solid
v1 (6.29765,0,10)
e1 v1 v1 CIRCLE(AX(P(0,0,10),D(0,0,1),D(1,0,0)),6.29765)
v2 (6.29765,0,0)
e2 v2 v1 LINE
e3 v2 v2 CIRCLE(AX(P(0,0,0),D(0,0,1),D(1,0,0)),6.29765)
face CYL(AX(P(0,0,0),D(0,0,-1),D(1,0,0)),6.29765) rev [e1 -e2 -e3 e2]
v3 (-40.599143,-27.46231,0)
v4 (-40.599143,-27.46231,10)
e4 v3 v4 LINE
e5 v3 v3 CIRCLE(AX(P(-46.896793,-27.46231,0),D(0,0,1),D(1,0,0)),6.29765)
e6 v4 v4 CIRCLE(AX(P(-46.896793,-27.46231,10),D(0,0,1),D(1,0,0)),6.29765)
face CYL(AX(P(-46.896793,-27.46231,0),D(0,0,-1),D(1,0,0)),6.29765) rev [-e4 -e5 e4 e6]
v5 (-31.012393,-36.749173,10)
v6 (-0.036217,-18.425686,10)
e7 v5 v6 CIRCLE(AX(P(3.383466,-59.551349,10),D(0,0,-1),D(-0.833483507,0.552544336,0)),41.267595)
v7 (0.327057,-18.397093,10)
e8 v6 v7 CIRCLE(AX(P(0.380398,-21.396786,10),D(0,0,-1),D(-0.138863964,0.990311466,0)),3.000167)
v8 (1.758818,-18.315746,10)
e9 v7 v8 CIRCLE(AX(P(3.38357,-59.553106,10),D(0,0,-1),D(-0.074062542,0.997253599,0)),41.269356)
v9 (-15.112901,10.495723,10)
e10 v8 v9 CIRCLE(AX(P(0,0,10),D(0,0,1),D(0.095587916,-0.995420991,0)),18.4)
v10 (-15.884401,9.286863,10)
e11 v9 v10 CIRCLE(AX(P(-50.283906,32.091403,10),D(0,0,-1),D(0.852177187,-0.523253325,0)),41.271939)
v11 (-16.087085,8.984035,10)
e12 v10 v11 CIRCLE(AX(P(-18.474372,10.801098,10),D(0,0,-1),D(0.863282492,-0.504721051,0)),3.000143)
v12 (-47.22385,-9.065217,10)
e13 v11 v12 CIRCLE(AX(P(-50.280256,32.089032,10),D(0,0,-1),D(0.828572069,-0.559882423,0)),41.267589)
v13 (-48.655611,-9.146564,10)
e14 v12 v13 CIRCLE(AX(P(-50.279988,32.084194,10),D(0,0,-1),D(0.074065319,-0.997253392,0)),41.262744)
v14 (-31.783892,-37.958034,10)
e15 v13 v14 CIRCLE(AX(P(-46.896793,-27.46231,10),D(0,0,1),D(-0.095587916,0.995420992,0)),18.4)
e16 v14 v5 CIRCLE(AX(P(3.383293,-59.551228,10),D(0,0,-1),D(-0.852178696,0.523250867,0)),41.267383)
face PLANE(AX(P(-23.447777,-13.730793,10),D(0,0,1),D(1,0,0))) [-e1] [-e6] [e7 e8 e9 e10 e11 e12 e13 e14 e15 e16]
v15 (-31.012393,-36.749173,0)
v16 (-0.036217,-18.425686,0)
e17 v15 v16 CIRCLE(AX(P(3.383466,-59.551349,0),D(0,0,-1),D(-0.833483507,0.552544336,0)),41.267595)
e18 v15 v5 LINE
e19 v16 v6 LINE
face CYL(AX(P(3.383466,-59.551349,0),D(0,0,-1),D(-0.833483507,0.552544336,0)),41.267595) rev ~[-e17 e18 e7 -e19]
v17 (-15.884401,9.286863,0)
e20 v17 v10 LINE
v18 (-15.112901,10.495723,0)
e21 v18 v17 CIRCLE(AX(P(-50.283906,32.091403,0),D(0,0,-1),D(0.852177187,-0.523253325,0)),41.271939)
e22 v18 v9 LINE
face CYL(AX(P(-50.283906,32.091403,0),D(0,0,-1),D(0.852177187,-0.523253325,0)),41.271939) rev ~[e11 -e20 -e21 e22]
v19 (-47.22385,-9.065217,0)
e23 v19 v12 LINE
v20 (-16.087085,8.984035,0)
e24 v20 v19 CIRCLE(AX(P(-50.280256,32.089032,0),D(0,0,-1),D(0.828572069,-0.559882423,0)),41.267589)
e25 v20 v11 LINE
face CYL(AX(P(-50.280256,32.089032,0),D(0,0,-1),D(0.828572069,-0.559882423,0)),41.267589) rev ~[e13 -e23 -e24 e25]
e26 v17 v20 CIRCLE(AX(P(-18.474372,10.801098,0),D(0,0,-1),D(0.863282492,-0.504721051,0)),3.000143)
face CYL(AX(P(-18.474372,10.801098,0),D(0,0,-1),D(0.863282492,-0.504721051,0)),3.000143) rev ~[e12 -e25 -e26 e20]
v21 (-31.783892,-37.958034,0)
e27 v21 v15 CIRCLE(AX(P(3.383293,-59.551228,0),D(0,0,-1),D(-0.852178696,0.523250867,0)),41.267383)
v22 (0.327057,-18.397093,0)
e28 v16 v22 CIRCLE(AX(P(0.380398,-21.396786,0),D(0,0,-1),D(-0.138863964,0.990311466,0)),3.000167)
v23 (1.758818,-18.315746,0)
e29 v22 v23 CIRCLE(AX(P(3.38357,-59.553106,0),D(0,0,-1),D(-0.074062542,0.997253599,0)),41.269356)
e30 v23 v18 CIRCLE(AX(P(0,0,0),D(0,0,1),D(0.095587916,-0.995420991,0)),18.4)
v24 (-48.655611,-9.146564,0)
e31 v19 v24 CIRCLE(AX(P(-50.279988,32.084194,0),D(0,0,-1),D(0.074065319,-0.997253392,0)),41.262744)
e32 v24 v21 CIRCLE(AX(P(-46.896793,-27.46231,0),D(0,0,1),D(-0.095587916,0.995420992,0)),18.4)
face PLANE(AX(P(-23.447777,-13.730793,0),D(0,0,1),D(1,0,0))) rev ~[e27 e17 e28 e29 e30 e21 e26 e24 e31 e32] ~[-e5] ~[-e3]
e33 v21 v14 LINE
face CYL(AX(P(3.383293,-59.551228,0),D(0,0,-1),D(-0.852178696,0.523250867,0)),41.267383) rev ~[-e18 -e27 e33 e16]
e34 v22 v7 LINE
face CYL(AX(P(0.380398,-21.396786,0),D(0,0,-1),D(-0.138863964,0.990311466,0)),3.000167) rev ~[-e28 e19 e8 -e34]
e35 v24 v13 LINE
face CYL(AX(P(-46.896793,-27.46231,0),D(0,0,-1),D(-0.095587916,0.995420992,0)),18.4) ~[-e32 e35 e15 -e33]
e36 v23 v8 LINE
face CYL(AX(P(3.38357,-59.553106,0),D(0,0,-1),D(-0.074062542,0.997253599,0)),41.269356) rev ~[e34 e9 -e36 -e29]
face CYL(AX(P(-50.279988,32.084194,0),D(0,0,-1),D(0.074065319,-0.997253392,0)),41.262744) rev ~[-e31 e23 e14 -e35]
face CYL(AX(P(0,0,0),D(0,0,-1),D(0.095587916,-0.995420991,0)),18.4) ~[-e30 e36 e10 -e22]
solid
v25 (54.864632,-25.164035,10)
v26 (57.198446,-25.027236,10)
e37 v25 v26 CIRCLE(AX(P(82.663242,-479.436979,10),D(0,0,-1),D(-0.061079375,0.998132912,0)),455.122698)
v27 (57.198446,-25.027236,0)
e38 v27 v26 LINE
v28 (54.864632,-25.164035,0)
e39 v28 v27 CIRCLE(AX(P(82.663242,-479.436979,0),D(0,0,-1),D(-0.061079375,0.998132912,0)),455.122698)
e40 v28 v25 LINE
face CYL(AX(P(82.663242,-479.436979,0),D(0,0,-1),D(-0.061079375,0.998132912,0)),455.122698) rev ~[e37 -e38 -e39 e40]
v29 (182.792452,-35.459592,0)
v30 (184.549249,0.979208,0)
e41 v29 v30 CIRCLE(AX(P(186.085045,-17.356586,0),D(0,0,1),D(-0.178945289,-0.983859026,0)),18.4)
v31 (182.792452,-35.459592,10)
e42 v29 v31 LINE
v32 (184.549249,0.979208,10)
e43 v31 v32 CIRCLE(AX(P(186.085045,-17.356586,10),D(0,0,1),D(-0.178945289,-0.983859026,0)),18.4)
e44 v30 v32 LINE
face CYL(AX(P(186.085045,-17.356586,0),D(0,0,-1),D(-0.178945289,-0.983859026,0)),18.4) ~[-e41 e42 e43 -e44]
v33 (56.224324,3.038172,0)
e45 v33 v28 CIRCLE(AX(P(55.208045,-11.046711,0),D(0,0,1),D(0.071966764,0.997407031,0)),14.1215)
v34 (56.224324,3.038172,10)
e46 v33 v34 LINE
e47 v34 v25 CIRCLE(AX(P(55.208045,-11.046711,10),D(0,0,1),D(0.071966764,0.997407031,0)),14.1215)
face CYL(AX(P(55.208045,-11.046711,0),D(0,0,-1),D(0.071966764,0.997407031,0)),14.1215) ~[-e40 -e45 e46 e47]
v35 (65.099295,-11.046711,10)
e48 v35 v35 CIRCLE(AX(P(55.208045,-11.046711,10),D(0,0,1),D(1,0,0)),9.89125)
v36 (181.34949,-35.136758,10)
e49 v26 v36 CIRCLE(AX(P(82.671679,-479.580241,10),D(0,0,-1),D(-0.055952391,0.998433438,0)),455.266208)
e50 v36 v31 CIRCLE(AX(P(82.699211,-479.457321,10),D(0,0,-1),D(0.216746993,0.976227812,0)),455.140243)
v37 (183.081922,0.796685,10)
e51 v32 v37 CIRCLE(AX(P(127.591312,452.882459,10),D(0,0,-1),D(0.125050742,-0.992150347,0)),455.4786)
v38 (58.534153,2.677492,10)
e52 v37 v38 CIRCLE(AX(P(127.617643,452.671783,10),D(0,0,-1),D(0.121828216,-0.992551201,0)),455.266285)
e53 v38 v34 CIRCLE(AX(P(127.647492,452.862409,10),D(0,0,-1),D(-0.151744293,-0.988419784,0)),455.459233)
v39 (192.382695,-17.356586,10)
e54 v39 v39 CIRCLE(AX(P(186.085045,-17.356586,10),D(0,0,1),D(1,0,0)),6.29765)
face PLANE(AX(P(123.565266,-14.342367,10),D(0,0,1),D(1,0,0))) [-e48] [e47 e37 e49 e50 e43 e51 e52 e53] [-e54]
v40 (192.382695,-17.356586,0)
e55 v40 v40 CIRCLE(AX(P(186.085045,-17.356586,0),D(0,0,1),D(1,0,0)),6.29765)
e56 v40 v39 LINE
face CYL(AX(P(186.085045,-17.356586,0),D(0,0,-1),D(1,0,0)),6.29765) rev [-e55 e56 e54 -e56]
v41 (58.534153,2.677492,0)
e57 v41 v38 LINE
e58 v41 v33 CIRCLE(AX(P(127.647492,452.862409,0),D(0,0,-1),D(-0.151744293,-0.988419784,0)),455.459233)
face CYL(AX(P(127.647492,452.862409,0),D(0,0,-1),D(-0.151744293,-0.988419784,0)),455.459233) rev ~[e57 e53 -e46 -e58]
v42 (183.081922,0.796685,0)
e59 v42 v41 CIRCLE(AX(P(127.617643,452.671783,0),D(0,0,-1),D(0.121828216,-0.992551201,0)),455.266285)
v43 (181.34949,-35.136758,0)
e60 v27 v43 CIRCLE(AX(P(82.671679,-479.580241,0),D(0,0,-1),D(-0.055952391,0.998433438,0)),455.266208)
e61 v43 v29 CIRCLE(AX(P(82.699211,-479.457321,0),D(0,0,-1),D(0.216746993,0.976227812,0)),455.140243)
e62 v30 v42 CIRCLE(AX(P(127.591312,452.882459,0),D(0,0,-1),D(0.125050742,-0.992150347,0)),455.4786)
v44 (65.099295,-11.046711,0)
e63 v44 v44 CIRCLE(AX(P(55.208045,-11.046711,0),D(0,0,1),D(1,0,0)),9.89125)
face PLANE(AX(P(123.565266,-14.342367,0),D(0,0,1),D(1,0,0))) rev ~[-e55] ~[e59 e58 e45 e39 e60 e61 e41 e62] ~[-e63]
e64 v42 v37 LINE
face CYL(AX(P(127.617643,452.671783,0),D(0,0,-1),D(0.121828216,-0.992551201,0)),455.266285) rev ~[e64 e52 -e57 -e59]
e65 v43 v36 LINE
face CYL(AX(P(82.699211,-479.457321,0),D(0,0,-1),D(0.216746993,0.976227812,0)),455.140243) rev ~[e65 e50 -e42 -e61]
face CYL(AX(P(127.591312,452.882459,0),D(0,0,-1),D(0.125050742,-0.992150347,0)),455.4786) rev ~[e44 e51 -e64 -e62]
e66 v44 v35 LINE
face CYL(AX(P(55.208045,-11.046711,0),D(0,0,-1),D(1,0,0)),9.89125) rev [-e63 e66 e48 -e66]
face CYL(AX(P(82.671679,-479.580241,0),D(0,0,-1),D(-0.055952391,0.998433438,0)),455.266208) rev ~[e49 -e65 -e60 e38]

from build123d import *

# Parameters (mm, degrees)
F0_R     = 6.29765
F1_DEPTH = 10
F2_R     = 6.29765
F2_R_2   = 9.89125
F3_DEPTH = 10


with BuildPart() as f1:
    # F0 (on Top) → F1 (new body)
    with BuildSketch(Plane.XY):
        with BuildLine():
            ThreePointArc((-0.036217, -18.425686), (0.144986, -18.405869), (0.327057, -18.397093))
            ThreePointArc((0.327057, -18.397093), (1.042584, -18.3502), (1.758818, -18.315746))
            ThreePointArc((1.758818, -18.315746), (15.877912, 9.297952), (-15.112901, 10.495723))
            ThreePointArc((-15.112901, 10.495723), (-15.4934, 9.887942), (-15.884401, 9.286863))
            ThreePointArc((-15.884401, 9.286863), (-15.981141, 9.132369), (-16.087085, 8.984035))
            ThreePointArc((-16.087085, 8.984035), (-29.584203, -3.61373), (-47.22385, -9.065217))
            ThreePointArc((-47.22385, -9.065217), (-47.939377, -9.112111), (-48.655611, -9.146564))
            ThreePointArc((-48.655611, -9.146564), (-62.774705, -36.760263), (-31.783892, -37.958034))
            ThreePointArc((-31.783892, -37.958034), (-31.403394, -37.350252), (-31.012393, -36.749173))
            ThreePointArc((-31.012393, -36.749173), (-17.62704, -24.03272), (-0.036217, -18.425686))
        make_face()
        with Locations((-46.896793, -27.46231)):
            Circle(F0_R, mode=Mode.SUBTRACT)
        Circle(F0_R, mode=Mode.SUBTRACT)
    extrude(amount=F1_DEPTH)


with BuildPart() as f3:
    # F2 (on Top) → F3 (new body)
    with BuildSketch(Plane.XY):
        with BuildLine():
            ThreePointArc((183.081922, 0.796685), (120.74341, -2.542601), (58.534153, 2.677492))
            ThreePointArc((58.534153, 2.677492), (57.379007, 2.85635), (56.224324, 3.038172))
            ThreePointArc((56.224324, 3.038172), (41.102929, -10.366672), (54.864632, -25.164035))
            ThreePointArc((54.864632, -25.164035), (56.031451, -25.094137), (57.198446, -25.027236))
            ThreePointArc((57.198446, -25.027236), (119.62135, -25.815939), (181.34949, -35.136758))
            ThreePointArc((181.34949, -35.136758), (182.071102, -35.297589), (182.792452, -35.459592))
            ThreePointArc((182.792452, -35.459592), (204.463698, -18.242662), (184.549249, 0.979208))
            ThreePointArc((184.549249, 0.979208), (183.815659, 0.887351), (183.081922, 0.796685))
        make_face()
        with Locations((186.085045, -17.356586)):
            Circle(F2_R, mode=Mode.SUBTRACT)
        with Locations((55.208045, -11.046711)):
            Circle(F2_R_2, mode=Mode.SUBTRACT)
    extrude(amount=F3_DEPTH)


solid = Compound([f1.part, f3.part])
